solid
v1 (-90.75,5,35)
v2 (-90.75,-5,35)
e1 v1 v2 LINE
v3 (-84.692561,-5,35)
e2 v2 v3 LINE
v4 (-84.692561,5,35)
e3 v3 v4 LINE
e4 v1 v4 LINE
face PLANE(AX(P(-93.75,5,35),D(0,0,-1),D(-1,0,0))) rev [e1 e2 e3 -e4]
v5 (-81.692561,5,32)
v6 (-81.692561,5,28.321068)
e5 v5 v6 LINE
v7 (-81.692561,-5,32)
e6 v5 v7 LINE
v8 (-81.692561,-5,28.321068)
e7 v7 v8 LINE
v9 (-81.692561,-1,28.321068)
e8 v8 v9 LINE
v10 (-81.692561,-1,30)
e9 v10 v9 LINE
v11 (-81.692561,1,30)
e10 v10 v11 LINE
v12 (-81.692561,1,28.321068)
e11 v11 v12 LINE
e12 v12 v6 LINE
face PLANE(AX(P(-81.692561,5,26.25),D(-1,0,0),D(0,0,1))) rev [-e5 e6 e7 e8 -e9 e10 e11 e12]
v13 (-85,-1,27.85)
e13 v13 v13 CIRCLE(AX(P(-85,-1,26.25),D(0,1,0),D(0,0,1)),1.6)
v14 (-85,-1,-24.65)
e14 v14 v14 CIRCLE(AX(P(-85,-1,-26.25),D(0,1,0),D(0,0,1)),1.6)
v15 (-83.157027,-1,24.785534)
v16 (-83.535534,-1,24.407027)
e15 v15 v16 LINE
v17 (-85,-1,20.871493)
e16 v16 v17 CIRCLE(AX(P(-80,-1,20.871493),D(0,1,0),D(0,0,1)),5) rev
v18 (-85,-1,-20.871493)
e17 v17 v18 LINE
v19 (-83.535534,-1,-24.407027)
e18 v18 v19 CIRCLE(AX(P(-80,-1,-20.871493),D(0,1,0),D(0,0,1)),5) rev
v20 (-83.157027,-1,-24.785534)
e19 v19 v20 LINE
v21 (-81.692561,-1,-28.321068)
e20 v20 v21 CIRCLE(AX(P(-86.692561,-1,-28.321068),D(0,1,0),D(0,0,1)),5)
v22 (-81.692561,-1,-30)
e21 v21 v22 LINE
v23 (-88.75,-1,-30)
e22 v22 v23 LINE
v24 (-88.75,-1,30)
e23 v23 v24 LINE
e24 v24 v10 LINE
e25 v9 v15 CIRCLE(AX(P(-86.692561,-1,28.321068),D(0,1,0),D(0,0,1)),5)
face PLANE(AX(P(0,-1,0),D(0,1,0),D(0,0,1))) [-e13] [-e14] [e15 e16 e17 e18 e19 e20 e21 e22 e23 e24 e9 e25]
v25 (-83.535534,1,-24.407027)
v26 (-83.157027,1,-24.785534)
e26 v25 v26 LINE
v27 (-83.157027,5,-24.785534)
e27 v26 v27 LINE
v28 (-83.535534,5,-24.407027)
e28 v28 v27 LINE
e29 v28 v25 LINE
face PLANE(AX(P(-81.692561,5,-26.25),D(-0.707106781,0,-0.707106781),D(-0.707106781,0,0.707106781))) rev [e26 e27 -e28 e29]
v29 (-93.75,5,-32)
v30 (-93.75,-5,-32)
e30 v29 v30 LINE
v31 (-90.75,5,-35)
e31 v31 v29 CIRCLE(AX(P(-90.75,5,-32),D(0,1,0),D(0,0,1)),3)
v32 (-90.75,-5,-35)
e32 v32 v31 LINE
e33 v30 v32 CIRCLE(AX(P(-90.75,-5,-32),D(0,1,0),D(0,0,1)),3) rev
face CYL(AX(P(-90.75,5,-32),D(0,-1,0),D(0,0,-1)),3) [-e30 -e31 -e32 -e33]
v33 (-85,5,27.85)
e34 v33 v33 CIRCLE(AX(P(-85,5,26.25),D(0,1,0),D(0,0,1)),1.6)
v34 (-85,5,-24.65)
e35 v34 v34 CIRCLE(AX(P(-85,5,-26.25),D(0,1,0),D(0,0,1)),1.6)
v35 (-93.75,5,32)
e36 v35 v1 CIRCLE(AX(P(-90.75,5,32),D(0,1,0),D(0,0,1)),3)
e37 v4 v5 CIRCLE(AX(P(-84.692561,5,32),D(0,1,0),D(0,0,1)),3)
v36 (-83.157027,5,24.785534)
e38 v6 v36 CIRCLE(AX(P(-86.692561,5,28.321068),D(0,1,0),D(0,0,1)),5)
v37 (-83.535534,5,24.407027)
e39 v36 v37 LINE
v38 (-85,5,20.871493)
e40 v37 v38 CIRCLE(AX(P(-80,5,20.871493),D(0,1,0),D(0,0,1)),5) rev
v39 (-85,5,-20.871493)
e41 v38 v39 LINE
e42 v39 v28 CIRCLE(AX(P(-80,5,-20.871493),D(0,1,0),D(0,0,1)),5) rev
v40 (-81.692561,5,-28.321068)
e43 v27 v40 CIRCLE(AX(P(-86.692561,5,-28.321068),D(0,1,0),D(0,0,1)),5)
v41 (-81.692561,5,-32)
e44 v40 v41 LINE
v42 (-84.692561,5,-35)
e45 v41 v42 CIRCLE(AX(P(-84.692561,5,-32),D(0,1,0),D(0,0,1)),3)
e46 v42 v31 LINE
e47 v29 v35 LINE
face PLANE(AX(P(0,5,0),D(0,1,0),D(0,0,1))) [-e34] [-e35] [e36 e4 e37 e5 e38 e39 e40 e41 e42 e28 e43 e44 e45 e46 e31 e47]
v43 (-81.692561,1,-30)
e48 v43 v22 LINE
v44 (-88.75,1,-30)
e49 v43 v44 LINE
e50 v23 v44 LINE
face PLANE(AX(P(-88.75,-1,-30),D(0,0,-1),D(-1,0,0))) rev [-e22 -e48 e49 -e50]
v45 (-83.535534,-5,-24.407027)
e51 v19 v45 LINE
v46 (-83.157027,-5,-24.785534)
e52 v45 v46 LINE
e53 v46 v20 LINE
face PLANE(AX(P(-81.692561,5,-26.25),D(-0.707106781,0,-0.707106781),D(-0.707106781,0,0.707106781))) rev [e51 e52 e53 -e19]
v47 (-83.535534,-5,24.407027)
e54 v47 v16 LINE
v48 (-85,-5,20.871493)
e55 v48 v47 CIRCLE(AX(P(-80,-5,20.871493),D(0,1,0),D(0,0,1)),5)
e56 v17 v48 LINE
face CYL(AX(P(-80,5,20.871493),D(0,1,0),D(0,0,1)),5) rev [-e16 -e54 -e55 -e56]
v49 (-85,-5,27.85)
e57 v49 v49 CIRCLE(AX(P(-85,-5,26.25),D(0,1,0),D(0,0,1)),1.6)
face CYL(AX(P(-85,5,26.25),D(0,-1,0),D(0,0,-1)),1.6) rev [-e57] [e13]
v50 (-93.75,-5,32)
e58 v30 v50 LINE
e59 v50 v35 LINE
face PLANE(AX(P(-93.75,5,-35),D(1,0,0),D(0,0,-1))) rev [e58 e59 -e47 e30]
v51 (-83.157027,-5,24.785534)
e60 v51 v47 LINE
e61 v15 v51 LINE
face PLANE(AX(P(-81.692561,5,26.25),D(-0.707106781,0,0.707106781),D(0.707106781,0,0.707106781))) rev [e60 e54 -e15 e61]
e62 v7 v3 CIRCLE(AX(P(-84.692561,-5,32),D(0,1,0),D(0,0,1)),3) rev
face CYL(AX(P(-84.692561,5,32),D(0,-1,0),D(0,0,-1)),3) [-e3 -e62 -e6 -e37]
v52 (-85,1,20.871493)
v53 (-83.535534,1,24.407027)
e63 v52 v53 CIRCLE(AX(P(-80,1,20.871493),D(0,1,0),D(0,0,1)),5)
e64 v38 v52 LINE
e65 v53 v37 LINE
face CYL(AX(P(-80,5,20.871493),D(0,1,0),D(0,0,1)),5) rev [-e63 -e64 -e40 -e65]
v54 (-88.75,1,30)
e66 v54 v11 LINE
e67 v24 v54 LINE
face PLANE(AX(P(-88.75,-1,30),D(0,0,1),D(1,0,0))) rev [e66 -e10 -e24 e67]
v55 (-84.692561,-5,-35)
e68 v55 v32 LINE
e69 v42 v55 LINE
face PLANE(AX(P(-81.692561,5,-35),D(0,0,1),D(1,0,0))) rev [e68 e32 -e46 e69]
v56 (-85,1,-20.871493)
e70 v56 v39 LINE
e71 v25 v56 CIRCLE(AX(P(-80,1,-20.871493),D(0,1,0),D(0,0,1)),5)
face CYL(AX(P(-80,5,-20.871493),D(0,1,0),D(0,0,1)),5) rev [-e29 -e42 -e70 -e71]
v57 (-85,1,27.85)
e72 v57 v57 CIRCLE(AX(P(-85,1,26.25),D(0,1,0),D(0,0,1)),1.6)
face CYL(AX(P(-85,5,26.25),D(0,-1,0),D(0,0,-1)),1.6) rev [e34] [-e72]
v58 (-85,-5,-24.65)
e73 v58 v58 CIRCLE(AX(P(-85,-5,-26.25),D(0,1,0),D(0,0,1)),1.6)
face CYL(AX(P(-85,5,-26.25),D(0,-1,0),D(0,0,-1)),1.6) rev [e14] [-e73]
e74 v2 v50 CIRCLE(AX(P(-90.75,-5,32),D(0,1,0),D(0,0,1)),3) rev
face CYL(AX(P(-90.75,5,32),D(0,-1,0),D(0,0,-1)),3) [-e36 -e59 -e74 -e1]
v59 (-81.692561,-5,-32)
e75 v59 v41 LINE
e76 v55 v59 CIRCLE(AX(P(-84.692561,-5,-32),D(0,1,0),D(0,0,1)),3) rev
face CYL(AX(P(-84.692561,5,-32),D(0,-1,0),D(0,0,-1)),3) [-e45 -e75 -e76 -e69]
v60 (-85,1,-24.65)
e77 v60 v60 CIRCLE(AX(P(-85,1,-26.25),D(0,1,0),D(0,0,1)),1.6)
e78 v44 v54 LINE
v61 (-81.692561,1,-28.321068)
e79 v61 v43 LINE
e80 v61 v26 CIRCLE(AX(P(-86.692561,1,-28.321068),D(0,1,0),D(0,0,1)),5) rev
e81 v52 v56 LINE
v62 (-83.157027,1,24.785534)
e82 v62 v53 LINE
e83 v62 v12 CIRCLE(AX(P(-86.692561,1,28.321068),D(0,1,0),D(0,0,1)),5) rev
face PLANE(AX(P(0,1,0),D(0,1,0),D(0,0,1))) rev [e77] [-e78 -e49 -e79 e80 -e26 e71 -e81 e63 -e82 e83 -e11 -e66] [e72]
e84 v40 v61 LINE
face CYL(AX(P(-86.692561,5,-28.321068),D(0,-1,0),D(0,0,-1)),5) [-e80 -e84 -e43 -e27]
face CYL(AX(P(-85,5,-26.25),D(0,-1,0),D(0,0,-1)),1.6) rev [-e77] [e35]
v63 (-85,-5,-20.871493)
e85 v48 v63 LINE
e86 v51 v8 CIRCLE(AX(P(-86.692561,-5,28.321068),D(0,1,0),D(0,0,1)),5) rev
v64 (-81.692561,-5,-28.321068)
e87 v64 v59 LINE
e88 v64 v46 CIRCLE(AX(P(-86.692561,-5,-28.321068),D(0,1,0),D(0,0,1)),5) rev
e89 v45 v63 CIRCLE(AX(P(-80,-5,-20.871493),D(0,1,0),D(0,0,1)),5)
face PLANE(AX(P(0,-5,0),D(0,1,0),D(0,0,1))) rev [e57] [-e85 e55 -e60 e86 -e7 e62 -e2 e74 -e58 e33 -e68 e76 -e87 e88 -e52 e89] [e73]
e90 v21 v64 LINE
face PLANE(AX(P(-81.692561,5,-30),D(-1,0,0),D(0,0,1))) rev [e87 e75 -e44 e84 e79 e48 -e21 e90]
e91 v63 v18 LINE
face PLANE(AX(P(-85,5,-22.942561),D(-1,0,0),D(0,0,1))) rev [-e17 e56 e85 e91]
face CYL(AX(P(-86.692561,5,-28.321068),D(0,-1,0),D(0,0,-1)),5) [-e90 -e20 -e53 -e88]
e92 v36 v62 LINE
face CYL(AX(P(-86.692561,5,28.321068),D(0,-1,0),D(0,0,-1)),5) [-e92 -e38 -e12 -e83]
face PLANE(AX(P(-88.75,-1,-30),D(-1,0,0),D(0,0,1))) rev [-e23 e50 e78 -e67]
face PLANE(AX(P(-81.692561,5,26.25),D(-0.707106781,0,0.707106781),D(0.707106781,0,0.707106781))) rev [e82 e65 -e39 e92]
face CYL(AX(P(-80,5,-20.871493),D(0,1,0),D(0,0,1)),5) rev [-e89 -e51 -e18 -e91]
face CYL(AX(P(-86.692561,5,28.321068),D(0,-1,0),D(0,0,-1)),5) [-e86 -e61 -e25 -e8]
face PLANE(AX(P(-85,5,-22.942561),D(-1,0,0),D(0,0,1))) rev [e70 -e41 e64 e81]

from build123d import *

# Parameters (mm, degrees)
SKETCH3_R           = 1.6
BOSS_EXTRUDE1_DEPTH = 5
SKETCH4_W           = 13.182571809
SKETCH4_H           = 60
CUT_EXTRUDE1_DEPTH  = 1
FILLET1_R           = 5
FILLET2_R           = 3


with BuildPart() as part:
    # Sketch3 → Boss-Extrude1 (new body, symmetric)
    with BuildSketch(Plane(origin=(0, 0, 0), x_dir=(1, 0, 0), z_dir=(0, 1, 0))):
        Polygon((-81.692561237, 30), (-81.692561237, 26.25), (-85, 22.942561237), (-85, -22.942561237), (-81.692561237, -26.25), (-81.692561237, -30), (-81.692561237, -35), (-93.75, -35), (-93.75, 35), (-81.692561237, 35), align=None)
        with Locations((-85, 26.25)):
            Circle(SKETCH3_R, mode=Mode.SUBTRACT)
        with Locations((-85, -26.25)):
            Circle(SKETCH3_R, mode=Mode.SUBTRACT)
    extrude(amount=BOSS_EXTRUDE1_DEPTH, both=True)

    # Sketch4 → Cut-Extrude1 (cut, symmetric)
    with BuildSketch(Plane(origin=(0, 0, 0), x_dir=(1, 0, 0), z_dir=(0, 1, 0))):
        with Locations((-82.158714096, 0)):
            Rectangle(SKETCH4_W, SKETCH4_H)
    extrude(amount=CUT_EXTRUDE1_DEPTH, both=True, mode=Mode.SUBTRACT)

    # Fillet1
    fillet1_edges = [part.edges().sort_by_distance(p)[0] for p in [
        (-81.692561237, 3, -26.25),
        (-85, 3, -22.942561237),
        (-85, 3, 22.942561237),
        (-81.692561237, 3, 26.25),
        (-81.692561237, -3, -26.25),
        (-85, -3, -22.942561237),
        (-85, -3, 22.942561237),
        (-81.692561237, -3, 26.25),
    ]]
    fillet(fillet1_edges, radius=FILLET1_R)

    # Fillet2
    fillet2_edges = [part.edges().sort_by_distance(p)[0] for p in [
        (-81.692561237, 0, 35),
        (-93.75, 0, 35),
        (-93.75, 0, -35),
        (-81.692561237, 0, -35),
    ]]
    fillet(fillet2_edges, radius=FILLET2_R)


solid = part.part
